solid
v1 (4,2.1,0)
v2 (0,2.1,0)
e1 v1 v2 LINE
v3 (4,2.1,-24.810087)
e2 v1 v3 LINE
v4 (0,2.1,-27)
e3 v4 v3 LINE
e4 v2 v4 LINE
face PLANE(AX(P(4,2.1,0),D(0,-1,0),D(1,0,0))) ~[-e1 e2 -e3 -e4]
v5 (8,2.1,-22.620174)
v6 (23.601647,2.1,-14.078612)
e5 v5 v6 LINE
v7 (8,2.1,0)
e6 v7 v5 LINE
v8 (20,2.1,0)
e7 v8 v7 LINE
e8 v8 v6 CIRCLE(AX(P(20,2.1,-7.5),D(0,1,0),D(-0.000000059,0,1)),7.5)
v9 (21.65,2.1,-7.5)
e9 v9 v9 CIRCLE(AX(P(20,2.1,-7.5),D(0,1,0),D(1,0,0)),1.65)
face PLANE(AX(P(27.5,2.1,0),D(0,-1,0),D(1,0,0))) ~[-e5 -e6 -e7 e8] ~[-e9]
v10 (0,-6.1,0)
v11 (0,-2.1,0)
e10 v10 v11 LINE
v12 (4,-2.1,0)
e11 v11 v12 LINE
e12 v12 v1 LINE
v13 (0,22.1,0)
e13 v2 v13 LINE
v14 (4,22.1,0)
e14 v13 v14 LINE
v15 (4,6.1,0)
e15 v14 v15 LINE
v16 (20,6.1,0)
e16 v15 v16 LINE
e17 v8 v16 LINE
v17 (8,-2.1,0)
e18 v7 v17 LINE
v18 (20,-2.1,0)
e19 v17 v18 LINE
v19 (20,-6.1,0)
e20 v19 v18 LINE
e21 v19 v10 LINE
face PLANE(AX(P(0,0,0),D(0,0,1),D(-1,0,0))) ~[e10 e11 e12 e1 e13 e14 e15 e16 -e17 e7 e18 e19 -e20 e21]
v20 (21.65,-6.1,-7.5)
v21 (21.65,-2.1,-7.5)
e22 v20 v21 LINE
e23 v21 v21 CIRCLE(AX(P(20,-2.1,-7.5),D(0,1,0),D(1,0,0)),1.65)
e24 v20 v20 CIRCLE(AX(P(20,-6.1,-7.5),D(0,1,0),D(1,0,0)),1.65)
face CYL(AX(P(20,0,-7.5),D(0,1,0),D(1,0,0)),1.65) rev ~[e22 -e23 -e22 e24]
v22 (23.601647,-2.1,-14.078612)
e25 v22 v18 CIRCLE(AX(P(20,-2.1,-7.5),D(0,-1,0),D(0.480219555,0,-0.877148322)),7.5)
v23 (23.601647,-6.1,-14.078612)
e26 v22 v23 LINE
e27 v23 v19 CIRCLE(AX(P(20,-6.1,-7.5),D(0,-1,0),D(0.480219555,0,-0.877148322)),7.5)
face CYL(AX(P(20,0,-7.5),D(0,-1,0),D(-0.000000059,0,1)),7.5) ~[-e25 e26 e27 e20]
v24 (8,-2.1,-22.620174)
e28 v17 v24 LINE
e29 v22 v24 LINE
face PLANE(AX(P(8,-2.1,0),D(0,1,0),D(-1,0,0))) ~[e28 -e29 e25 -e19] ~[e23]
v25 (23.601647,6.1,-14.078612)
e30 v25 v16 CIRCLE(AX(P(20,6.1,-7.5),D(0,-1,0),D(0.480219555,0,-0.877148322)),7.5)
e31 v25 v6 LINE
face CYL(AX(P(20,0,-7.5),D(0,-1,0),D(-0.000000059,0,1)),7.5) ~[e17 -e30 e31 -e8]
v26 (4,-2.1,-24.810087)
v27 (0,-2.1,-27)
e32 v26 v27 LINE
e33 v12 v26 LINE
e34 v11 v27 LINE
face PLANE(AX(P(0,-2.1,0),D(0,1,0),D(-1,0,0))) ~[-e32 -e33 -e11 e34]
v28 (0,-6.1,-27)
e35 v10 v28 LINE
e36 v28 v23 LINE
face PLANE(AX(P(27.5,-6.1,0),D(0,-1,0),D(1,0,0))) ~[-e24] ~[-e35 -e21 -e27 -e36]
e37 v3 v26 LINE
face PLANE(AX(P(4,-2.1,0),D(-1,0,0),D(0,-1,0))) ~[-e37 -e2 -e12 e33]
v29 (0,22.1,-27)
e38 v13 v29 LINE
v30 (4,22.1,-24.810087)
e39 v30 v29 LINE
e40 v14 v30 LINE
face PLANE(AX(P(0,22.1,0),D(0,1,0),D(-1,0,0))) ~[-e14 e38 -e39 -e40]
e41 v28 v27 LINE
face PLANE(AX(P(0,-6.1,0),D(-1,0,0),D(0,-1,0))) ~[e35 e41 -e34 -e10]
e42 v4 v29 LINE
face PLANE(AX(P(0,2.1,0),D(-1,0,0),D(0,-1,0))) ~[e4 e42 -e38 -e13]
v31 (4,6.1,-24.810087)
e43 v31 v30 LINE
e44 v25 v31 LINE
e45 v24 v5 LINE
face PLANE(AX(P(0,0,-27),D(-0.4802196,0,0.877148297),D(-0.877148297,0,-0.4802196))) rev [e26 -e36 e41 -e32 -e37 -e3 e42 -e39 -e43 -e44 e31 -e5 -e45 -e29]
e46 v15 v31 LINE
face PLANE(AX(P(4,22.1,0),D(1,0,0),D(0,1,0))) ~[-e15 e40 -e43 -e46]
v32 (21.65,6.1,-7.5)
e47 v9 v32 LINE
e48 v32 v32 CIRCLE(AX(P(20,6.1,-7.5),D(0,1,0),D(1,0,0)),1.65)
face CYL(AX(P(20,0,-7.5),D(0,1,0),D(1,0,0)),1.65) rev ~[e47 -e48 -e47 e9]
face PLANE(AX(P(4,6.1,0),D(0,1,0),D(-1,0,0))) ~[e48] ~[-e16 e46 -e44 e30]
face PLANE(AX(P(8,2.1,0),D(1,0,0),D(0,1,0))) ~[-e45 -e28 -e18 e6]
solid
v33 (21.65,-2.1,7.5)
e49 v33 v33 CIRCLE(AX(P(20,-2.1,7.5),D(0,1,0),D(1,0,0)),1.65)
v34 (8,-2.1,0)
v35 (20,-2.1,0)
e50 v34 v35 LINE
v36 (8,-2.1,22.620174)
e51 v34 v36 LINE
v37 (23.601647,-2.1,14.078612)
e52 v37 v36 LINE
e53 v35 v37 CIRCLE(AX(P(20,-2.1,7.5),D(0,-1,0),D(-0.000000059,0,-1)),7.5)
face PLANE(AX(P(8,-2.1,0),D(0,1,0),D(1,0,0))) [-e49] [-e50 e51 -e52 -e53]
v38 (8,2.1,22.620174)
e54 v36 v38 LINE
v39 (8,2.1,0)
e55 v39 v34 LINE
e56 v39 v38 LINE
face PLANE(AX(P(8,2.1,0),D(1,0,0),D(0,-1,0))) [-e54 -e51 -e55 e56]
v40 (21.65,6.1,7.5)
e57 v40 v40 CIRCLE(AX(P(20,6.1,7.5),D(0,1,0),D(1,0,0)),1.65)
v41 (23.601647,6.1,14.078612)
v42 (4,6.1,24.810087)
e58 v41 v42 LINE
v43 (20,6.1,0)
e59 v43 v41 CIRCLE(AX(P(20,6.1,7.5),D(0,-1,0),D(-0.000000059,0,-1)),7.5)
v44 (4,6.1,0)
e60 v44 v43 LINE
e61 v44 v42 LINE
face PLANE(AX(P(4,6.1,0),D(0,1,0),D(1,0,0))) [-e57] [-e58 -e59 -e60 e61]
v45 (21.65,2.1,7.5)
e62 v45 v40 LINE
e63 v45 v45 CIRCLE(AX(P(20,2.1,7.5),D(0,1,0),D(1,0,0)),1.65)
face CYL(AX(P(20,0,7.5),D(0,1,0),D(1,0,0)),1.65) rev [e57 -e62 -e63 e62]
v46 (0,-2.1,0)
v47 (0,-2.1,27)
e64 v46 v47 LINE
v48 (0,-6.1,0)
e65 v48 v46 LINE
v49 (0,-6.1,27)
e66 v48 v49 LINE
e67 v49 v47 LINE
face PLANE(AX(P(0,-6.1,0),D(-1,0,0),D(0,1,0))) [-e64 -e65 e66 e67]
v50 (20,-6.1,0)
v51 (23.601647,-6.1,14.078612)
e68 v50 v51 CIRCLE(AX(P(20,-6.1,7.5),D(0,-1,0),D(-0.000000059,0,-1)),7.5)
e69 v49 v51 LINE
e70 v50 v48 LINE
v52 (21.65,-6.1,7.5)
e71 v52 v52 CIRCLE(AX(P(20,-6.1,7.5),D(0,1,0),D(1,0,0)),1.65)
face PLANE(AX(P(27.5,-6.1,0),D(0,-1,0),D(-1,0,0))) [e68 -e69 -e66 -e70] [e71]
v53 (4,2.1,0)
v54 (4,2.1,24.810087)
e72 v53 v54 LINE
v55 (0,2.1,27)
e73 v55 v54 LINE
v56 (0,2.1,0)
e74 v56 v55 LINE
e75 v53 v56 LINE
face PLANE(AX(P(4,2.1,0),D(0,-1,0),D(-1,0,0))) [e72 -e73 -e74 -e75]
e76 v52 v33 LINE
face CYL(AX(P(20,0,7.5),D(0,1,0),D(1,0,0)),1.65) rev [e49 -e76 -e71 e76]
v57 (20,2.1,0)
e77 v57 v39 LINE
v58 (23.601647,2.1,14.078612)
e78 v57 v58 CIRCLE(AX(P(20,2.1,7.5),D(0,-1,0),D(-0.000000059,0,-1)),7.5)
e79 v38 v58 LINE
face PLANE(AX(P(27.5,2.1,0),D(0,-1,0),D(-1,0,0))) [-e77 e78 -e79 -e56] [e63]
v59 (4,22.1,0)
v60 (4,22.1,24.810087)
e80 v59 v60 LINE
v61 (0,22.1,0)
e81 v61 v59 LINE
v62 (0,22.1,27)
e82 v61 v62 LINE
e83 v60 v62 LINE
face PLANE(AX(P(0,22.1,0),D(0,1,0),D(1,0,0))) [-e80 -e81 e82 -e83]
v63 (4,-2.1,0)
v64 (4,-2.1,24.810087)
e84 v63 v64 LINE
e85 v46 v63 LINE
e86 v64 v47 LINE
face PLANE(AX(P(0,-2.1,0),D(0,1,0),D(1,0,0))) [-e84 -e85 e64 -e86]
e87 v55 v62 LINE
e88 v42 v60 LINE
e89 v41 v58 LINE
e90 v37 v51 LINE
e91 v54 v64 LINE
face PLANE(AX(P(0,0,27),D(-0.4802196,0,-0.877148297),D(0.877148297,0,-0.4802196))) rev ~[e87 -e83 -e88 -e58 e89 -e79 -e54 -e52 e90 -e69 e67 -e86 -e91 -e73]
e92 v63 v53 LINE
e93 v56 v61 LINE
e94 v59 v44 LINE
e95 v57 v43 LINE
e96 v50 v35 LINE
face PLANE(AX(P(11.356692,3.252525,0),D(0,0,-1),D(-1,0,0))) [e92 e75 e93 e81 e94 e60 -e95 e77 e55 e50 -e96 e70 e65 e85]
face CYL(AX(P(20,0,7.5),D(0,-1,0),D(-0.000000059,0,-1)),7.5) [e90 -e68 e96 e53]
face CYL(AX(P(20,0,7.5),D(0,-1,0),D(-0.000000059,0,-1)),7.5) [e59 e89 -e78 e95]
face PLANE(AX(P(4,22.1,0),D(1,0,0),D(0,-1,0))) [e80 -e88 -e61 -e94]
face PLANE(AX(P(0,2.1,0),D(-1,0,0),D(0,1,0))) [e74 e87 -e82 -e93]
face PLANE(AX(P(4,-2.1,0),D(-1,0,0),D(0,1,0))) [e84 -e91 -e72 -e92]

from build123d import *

# Parameters (mm, degrees)
SKETCH001_R   = 1.65
EXTRUDE_DEPTH = 40
PAD_DEPTH     = 27


with BuildPart() as extrude_body:
    # Sketch001 → Extrude (new body, symmetric)
    with BuildSketch(Plane.XZ):
        with BuildLine():
            ThreePointArc((20, 0), (27.266003, 5.641182), (23.601647, 14.078612))
            Line((0, 27), (23.601647, 14.078612))
            Line((0, 0), (0, 27))
            Line((0, 0), (20, 0))
        make_face()
        with Locations((20, 7.5)):
            Circle(SKETCH001_R, mode=Mode.SUBTRACT)
    extrude(amount=EXTRUDE_DEPTH, both=True)


with BuildPart() as body:
    # Sketch → Pad (new body)
    with BuildSketch(Plane.XY):
        Polygon((0, 22.1), (4, 22.1), (4, 6.1), (27.5, 6.1), (27.5, 2.1), (8, 2.1), (8, -2.1), (27.5, -2.1), (27.5, -6.1), (0, -6.1), (0, -2.1), (4, -2.1), (4, 2.1), (0, 2.1), align=None)
    extrude(amount=PAD_DEPTH)


with BuildPart() as common:
    # Common base: copy of Body
    add(body.part)

    # Common: intersect Extrude body
    add(extrude_body.part, mode=Mode.INTERSECT)


with BuildPart() as part_mirroring:
    # Part__Mirroring: instance of Body
    add(body.part.mirror(Plane(origin=(0, 0, 0), x_dir=(0, 1, 0), z_dir=(0, 0, 1))))


with BuildPart() as common001:
    # Part__Mirroring001: instance of Extrude body
    add(extrude_body.part.mirror(Plane(origin=(0, 0, 0), x_dir=(0, 1, 0), z_dir=(0, 0, 1))))

    # Common001: intersect Part__Mirroring
    add(part_mirroring.part, mode=Mode.INTERSECT)


solid = Compound([common.part, common001.part])
